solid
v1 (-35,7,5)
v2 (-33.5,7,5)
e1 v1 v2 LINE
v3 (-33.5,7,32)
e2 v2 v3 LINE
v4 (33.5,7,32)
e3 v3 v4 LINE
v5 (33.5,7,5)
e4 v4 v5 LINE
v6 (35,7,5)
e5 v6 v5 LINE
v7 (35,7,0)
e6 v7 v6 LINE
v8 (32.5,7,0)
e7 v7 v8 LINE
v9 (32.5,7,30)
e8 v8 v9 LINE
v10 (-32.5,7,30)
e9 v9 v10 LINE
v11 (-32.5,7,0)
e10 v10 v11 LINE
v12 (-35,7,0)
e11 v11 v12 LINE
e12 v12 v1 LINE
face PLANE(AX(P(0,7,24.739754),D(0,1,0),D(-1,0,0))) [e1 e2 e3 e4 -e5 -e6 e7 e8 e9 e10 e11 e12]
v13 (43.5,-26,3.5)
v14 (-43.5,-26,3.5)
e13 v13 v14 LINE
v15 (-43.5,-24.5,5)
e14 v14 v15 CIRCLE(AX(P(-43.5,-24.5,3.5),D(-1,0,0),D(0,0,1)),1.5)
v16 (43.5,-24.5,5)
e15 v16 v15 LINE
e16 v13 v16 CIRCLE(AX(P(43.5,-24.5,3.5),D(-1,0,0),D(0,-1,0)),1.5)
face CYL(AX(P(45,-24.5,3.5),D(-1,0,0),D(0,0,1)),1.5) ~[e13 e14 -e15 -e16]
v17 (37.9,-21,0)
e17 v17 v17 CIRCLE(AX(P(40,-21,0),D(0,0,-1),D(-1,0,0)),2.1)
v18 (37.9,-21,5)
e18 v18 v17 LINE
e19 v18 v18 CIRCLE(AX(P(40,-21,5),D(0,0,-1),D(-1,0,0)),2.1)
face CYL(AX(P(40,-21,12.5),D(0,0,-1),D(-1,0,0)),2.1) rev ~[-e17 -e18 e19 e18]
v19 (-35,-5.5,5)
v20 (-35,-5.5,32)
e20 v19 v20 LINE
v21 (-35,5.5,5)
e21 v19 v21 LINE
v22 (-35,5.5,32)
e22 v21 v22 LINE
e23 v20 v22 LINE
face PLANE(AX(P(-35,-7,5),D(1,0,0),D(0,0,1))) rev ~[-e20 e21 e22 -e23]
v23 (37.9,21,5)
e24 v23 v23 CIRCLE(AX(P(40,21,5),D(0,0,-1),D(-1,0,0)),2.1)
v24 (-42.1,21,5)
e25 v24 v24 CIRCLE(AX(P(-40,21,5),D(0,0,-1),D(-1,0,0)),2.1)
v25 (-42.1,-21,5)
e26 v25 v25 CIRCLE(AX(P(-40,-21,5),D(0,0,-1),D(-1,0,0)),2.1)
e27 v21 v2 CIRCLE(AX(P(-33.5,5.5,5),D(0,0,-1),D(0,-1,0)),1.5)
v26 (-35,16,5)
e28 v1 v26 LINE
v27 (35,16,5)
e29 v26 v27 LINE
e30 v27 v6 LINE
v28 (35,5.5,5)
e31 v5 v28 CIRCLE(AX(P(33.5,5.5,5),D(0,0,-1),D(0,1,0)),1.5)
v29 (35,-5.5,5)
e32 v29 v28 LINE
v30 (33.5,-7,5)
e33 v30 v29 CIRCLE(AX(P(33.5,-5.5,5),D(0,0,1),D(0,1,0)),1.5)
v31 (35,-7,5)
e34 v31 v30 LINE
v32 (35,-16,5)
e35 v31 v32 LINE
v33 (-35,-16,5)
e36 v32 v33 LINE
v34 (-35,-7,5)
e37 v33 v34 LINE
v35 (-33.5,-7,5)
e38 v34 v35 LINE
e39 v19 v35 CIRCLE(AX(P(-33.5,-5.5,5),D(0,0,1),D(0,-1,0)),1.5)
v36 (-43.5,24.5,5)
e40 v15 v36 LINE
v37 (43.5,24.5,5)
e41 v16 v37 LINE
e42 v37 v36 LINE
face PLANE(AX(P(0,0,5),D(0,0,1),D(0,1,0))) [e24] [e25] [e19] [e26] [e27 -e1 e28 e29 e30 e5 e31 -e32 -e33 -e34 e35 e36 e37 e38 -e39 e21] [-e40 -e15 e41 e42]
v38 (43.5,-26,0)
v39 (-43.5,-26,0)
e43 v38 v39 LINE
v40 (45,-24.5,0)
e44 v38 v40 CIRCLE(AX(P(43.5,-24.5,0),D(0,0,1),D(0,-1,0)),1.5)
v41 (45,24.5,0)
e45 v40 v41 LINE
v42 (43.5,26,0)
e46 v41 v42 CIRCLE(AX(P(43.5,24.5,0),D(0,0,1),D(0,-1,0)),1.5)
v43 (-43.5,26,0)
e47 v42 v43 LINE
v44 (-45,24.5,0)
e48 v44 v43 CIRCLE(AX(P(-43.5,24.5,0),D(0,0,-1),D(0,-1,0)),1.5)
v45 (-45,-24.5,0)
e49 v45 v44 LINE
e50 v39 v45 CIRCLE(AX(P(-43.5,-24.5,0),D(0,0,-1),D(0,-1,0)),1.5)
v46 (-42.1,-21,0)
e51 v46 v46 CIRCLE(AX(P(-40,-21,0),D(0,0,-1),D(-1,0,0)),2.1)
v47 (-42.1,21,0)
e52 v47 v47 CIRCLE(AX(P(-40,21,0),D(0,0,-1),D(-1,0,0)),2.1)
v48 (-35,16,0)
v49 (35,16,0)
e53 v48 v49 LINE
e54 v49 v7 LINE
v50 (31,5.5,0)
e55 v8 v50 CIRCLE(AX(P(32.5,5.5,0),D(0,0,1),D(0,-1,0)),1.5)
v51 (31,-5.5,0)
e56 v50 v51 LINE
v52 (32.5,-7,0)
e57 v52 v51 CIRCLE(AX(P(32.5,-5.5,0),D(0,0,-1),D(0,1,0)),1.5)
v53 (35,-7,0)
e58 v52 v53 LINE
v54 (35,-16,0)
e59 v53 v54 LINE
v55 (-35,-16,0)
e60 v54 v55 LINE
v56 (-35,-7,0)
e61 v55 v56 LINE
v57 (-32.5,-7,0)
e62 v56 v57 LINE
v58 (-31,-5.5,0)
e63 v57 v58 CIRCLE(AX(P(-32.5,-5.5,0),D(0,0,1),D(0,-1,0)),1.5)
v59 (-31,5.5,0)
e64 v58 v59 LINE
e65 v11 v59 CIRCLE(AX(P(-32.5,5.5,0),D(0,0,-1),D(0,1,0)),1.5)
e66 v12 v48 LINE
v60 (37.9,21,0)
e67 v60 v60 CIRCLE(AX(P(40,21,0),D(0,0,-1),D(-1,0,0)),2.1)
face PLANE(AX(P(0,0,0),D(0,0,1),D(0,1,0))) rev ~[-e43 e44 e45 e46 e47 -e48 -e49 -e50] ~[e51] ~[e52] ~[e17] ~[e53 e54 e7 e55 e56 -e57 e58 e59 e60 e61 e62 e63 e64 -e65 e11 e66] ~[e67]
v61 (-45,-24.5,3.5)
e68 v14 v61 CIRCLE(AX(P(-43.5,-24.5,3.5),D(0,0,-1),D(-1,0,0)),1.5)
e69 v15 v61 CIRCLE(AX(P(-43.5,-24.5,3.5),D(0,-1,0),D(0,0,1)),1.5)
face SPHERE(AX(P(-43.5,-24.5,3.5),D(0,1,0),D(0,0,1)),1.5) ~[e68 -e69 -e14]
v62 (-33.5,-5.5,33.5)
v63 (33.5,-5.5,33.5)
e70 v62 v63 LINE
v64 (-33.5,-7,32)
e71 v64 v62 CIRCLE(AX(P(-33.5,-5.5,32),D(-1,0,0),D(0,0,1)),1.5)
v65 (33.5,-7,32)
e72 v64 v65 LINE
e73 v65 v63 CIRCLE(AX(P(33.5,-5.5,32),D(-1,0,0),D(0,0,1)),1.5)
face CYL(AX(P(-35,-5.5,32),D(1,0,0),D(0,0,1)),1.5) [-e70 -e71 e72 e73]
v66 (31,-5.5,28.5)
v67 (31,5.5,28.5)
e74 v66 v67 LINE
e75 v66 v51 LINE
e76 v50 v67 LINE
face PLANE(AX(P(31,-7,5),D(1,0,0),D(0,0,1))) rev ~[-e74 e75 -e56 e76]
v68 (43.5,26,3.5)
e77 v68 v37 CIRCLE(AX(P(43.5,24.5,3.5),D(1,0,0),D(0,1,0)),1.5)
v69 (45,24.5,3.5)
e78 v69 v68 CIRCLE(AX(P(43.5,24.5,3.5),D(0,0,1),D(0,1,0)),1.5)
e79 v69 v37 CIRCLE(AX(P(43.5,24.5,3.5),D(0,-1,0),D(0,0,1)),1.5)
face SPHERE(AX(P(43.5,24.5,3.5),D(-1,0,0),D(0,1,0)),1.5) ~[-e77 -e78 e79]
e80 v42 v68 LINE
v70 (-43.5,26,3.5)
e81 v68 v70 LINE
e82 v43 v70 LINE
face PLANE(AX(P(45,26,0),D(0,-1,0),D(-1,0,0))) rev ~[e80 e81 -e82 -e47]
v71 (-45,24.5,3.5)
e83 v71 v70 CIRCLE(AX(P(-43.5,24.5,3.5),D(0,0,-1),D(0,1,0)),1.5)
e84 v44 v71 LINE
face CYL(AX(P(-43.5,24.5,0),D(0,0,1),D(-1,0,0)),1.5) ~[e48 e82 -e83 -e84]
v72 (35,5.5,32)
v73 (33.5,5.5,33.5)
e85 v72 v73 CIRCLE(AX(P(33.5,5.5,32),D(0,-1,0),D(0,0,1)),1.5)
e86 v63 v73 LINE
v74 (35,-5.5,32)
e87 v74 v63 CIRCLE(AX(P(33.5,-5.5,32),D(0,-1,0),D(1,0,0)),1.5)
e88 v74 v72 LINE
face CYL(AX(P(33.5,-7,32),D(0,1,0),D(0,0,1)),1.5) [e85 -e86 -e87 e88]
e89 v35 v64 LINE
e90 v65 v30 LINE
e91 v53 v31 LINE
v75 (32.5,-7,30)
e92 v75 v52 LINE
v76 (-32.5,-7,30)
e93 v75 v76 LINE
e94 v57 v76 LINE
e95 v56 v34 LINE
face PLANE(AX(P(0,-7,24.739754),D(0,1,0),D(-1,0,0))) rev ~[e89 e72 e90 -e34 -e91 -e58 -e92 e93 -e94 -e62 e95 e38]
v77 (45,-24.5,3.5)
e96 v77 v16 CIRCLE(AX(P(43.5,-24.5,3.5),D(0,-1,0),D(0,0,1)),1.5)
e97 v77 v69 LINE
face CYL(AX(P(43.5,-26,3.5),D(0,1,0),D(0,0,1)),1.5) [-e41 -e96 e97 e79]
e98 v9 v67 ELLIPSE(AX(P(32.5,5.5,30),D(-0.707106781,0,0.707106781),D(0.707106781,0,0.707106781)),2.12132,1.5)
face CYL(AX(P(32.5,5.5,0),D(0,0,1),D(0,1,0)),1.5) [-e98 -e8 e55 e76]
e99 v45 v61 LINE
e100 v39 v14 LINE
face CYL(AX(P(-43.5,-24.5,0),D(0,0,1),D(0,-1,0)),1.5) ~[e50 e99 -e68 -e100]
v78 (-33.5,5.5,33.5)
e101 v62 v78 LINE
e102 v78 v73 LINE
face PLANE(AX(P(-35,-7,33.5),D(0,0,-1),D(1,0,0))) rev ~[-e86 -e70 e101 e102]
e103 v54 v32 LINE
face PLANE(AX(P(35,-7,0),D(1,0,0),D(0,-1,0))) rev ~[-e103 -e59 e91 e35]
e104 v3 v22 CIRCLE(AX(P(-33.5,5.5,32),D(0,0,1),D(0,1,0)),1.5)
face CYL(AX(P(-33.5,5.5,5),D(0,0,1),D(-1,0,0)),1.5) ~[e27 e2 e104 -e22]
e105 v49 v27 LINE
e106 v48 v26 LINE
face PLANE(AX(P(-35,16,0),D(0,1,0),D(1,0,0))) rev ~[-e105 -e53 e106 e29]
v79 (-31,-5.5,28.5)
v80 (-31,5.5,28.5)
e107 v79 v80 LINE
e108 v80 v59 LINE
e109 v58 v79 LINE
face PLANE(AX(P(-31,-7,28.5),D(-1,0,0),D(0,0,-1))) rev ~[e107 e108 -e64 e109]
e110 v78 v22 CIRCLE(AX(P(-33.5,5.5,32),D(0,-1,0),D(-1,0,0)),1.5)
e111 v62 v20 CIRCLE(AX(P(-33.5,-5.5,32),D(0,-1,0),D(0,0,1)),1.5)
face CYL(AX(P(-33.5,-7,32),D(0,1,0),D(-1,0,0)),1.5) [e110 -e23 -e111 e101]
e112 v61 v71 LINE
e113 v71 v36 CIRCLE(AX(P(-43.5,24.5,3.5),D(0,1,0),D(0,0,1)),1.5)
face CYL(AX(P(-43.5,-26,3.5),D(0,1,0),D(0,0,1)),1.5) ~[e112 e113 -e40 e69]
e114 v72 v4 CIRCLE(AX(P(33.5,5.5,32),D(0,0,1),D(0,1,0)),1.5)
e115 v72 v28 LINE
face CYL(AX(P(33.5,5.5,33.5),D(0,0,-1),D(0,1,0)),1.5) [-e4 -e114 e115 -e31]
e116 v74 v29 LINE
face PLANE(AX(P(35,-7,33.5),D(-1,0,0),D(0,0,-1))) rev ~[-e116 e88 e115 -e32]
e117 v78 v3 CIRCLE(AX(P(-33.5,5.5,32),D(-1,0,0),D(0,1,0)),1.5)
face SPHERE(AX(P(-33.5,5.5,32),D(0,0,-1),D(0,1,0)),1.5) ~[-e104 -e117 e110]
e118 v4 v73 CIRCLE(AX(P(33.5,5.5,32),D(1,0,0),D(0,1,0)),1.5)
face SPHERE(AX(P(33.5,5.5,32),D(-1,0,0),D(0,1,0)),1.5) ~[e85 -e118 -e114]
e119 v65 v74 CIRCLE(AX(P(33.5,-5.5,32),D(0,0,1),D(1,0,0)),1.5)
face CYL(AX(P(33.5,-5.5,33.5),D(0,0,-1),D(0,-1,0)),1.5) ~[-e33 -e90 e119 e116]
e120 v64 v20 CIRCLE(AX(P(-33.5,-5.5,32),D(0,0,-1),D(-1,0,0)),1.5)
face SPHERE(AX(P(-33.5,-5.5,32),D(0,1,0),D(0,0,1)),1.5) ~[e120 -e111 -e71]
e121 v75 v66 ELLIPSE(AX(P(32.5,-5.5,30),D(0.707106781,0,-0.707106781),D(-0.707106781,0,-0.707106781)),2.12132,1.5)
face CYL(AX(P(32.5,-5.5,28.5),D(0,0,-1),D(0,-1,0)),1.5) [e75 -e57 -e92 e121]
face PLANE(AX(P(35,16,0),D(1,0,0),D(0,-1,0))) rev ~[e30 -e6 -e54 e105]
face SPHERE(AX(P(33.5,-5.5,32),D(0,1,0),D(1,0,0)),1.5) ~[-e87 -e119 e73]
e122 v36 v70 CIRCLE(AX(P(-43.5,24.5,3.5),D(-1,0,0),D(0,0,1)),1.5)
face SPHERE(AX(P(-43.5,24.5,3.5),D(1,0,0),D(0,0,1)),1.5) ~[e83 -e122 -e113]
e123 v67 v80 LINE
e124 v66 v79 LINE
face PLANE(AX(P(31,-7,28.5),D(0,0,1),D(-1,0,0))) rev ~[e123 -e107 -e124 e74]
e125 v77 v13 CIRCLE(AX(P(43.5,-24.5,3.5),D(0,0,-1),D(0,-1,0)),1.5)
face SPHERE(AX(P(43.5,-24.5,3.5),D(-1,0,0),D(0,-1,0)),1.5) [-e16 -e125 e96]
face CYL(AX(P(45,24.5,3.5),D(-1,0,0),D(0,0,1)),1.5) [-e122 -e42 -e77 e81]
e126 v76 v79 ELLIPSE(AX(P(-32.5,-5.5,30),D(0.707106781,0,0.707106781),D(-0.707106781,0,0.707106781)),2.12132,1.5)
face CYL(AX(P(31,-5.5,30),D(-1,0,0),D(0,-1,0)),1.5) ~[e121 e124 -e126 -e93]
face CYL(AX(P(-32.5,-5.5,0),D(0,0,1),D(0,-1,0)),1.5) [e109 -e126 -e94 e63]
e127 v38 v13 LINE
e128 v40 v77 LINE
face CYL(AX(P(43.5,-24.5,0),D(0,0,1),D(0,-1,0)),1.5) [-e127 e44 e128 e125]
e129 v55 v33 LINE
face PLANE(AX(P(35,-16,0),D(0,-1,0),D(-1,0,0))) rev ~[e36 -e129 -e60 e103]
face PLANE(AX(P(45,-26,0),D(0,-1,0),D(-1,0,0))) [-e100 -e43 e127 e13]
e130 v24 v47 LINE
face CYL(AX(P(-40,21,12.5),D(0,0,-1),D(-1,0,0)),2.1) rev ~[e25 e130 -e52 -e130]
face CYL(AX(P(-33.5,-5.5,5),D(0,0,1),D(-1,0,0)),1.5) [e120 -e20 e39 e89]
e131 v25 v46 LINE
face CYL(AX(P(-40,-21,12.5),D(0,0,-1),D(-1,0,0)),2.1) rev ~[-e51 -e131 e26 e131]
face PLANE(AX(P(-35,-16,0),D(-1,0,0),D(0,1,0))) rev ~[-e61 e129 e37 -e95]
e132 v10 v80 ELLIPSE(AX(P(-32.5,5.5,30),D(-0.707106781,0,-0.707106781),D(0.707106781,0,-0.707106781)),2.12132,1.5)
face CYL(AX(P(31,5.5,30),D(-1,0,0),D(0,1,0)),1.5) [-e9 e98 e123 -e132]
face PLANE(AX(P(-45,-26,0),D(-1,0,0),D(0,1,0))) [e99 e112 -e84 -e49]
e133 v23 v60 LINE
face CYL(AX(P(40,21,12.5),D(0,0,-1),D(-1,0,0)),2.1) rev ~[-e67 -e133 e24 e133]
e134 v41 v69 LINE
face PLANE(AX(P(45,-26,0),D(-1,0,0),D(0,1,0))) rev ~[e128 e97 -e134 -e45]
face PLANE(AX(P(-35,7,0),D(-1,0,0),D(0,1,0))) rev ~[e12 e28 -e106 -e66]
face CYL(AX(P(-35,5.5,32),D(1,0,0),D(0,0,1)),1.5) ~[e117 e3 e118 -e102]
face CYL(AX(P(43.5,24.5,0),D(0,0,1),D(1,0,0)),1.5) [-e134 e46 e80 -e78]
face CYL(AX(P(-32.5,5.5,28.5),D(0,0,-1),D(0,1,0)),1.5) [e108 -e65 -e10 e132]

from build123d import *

# Parameters (mm, degrees)
SKETCH2_W                 = 52
SKETCH2_H                 = 90
BOSS_EXTRUDE1_DEPTH       = 5
BOSS_EXTRUDE2_DEPTH       = 14
M5X0_8_TAPPED_HOLE1_D     = 4.2
M5X0_8_TAPPED_HOLE1_DEPTH = 7.5
M5X0_8_TAPPED_HOLE1_TIP   = 1.2618073
FILLET1_R                 = 1.5


with BuildPart() as part:
    # Sketch2 → Boss-Extrude1 (new body)
    with BuildSketch(Plane(origin=(0, 0, 0), x_dir=(0, 1, 0), z_dir=(0, 0, 1))):
        Rectangle(SKETCH2_W, SKETCH2_H)
        Polygon((-16, 35), (-7, 35), (-7, 31), (7, 31), (7, 35), (16, 35), (16, -35), (7, -35), (7, -31), (-7, -31), (-7, -35), (-16, -35), align=None, mode=Mode.SUBTRACT)
    extrude(amount=BOSS_EXTRUDE1_DEPTH)

    # Sketch4 → Boss-Extrude2 (add)
    with BuildSketch(Plane.XZ.offset(7)):
        Polygon((-35, 5), (-35, 33.5), (35, 33.5), (35, 5), (31, 5), (31, 28.5), (-31, 28.5), (-31, 5), align=None)
    extrude(amount=-BOSS_EXTRUDE2_DEPTH)

    # M5x0.8 Tapped Hole1
    with Locations(Plane.XY.offset(5)):
        with Locations((-40, 21), (40, 21), (-40, -21), (40, -21)):
            Hole(M5X0_8_TAPPED_HOLE1_D / 2, depth=M5X0_8_TAPPED_HOLE1_DEPTH)
            with Locations((0, 0, -(M5X0_8_TAPPED_HOLE1_DEPTH + M5X0_8_TAPPED_HOLE1_TIP / 2))):  # 118° drill point
                Cone(0, M5X0_8_TAPPED_HOLE1_D / 2, M5X0_8_TAPPED_HOLE1_TIP, mode=Mode.SUBTRACT)

    # Fillet1
    fillet1_edges = [part.edges().sort_by_distance(p)[0] for p in [
        (0, 26, 5),
        (-45, 0, 5),
        (31, -7, 14.25),
        (31, 7, 14.25),
        (-31, 7, 14.25),
        (-31, -7, 14.25),
        (0, -26, 5),
        (-35, 7, 19.25),
        (0, 7, 33.5),
        (-35, 0, 33.5),
        (35, 7, 19.25),
        (35, 0, 33.5),
        (0, 7, 28.5),
        (0, -7, 28.5),
        (35, -7, 19.25),
        (0, -7, 33.5),
        (-35, -7, 19.25),
        (-45, -26, 2.5),
        (-45, 26, 2.5),
        (45, 26, 2.5),
        (45, -26, 2.5),
        (45, 0, 5),
    ]]
    fillet(fillet1_edges, radius=FILLET1_R)


solid = part.part
